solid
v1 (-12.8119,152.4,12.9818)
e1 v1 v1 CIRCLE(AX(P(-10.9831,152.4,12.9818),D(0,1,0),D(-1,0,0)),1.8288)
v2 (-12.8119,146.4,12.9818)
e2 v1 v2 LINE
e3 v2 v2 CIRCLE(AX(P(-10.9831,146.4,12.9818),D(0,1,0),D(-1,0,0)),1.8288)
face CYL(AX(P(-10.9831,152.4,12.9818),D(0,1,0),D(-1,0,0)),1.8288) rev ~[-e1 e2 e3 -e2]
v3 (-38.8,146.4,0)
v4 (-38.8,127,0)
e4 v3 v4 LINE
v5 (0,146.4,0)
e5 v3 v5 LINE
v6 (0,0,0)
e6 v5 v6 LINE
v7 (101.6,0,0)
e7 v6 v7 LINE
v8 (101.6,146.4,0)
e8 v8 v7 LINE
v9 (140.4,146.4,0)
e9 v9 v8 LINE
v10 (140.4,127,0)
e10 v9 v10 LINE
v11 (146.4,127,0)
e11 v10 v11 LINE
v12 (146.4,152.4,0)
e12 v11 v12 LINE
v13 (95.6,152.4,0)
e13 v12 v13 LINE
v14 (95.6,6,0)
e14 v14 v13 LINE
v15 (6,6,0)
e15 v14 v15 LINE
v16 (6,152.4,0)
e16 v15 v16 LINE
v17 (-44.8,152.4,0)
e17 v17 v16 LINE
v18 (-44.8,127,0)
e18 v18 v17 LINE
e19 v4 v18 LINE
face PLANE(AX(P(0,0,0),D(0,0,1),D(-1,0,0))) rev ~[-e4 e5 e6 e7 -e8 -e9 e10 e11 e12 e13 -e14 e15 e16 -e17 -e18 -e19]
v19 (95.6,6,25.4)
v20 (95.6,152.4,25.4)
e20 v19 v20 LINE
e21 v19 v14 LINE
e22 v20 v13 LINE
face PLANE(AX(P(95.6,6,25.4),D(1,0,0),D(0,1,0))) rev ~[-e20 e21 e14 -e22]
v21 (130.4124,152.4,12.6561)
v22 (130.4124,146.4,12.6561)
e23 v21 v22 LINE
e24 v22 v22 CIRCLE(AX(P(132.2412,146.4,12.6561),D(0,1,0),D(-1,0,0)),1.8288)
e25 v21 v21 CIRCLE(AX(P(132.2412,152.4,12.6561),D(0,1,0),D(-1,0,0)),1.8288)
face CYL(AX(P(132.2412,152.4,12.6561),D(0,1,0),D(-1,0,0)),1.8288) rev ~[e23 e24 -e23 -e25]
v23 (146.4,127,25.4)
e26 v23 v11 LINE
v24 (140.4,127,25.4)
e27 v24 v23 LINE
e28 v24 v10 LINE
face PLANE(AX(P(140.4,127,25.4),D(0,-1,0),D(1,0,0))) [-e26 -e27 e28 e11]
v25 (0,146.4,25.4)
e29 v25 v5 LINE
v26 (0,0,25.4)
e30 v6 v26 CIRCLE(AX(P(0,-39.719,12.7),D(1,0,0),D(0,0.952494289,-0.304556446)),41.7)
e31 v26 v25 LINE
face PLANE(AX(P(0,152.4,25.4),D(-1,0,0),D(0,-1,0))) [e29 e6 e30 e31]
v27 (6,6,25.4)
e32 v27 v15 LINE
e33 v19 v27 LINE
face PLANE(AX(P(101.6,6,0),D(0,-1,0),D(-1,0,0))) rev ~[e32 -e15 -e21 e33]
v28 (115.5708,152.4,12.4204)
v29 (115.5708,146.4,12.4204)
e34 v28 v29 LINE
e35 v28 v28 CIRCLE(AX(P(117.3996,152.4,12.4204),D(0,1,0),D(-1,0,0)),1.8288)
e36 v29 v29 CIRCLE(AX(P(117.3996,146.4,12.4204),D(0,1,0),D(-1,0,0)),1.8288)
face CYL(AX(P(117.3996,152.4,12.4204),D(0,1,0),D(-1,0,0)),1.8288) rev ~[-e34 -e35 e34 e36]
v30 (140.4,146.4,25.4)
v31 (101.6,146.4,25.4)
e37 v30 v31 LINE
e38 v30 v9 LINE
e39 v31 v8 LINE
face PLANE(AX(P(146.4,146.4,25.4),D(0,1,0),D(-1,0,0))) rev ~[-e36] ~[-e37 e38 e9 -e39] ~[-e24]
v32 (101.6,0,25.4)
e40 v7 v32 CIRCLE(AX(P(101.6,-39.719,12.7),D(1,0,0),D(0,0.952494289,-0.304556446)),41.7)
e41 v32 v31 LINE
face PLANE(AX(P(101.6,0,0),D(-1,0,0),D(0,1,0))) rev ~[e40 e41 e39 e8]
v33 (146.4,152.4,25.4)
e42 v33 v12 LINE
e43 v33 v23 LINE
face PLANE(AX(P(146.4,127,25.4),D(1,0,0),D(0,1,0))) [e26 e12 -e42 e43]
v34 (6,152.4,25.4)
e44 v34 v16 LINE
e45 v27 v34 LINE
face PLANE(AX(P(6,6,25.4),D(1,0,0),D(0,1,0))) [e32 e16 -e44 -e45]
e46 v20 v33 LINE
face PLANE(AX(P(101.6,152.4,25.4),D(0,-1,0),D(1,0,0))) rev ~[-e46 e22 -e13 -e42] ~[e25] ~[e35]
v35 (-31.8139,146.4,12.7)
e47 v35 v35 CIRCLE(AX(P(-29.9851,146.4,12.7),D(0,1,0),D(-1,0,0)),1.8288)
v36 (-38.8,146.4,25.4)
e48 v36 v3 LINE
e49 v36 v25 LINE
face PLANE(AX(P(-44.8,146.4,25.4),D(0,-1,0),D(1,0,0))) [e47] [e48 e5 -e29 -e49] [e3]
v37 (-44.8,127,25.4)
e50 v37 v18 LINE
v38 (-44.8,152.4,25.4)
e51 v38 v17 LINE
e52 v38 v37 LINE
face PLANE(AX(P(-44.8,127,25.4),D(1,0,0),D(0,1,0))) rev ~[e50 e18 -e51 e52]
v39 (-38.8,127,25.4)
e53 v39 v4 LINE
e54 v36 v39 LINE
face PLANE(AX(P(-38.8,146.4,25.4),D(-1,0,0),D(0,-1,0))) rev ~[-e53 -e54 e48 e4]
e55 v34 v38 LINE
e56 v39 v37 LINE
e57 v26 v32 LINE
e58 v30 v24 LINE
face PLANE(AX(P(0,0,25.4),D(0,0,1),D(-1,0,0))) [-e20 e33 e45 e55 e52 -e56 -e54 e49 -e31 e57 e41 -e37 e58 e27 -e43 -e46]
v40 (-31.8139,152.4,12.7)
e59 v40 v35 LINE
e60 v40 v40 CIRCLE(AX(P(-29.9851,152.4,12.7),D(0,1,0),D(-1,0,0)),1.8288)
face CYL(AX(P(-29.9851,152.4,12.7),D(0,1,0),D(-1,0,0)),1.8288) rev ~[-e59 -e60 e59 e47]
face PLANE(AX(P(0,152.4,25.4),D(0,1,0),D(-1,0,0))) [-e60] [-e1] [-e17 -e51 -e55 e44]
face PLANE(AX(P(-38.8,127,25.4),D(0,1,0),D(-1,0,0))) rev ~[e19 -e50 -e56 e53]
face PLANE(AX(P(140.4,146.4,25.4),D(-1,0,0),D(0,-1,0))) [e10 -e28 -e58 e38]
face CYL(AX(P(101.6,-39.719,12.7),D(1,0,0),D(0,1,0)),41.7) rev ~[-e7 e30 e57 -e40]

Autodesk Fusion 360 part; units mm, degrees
sketch "Sketch1" plane through (0, 0, 0) normal (0, 0, 1) x (1, 0, 0)
  line L0 (0, 0) -> (101.6, 0)
  line L1 (101.6, 0) -> (101.6, 6)
  line L2 (101.6, 6) -> (0, 6)
  line L3 (0, 6) -> (0, 0)
  dimension "d1" = 101.6
  dimension "d2" = 6
extrude "Extrude1" add sketch "Sketch1" along normal blind 25.4
sketch "Sketch2" plane through (0, 0, 25.4) normal (0, 0, 1) x (-1, 0, 0)
  line L0 (0, -6) -> (0, 0)
  line L1 (0, 0) -> (-101.6, 0)
  line L2 (-101.6, 0) -> (-101.6, -6)
  line L3 (-101.6, -6) -> (0, -6)
  line L4 (-101.6, 0) -> (-95.6, 0)
  line L5 (-95.6, 0) -> (-95.6, -152.4)
  line L6 (-95.6, -152.4) -> (-101.6, -152.4)
  line L7 (-101.6, -152.4) -> (-101.6, 0)
  dimension "d5" = 152.4
  dimension "d6" = 6
extrude "Extrude2" add sketch "Sketch2" against normal blind 25.4 contours L3 L5 L6 L7
sketch "Sketch3" plane through (0, 0, 25.4) normal (0, 0, 1) x (-1, 0, 0)
  line L0 (0, -6) -> (0, 0)
  line L1 (0, 0) -> (-101.6, 0)
  line L2 (-101.6, 0) -> (-101.6, -152.4)
  line L3 (-101.6, -152.4) -> (-95.6, -152.4)
  line L4 (-95.6, -152.4) -> (-95.6, -6)
  line L5 (-95.6, -6) -> (0, -6)
  line L6 (0, 0) -> (-6, 0)
  line L7 (-6, 0) -> (-6, -152.4)
  line L8 (-6, -152.4) -> (0, -152.4)
  line L9 (0, -152.4) -> (0, 0)
  dimension "d9" = 152.4
  dimension "d10" = 6
extrude "Extrude3" add sketch "Sketch3" against normal blind 25.4 contours L5 L7 L8 L9
sketch "Sketch4" plane through (101.6, 0, 0) normal (1, 0, 0) x (0, 1, 0)
  line L0 (0, 0) -> (152.4, 0)
  line L1 (152.4, 0) -> (152.4, 25.4)
  line L2 (152.4, 25.4) -> (0, 25.4)
  line L3 (0, 25.4) -> (0, 0)
  circle A0 centre (-39.719, 12.7) radius 41.7
  dimension "d13" = 83.4
extrude "Extrude4" cut sketch "Sketch4" against normal blind 101.6 contours L3 A0 picked at (0.3655, 9.8525)
sketch "Sketch5" plane through (0, 0, 25.4) normal (0, 0, 1) x (-1, 0, 0)
  line L0 (0, -152.4) -> (0, 0)
  line L1 (0, 0) -> (-101.6, 0)
  line L2 (-101.6, 0) -> (-101.6, -152.4)
  line L3 (-101.6, -152.4) -> (-95.6, -152.4)
  line L4 (-95.6, -152.4) -> (-95.6, -6)
  line L5 (-95.6, -6) -> (-6, -6)
  line L6 (-6, -6) -> (-6, -152.4)
  line L7 (-6, -152.4) -> (0, -152.4)
  line L8 (-6, -152.4) -> (44.8, -152.4)
  line L9 (44.8, -152.4) -> (44.8, -146.4)
  line L10 (44.8, -146.4) -> (-6, -146.4)
  line L11 (-6, -146.4) -> (-6, -152.4)
  dimension "d16" = 50.8
  dimension "d17" = 6
extrude "Extrude5" add sketch "Sketch5" against normal blind 25.4 contours L0 L8 L9 L10
sketch "Sketch6" plane through (0, 0, 25.4) normal (0, 0, 1) x (-1, 0, 0)
  line L0 (0, -146.4) -> (0, 0)
  line L1 (0, 0) -> (-101.6, 0)
  line L2 (-101.6, 0) -> (-101.6, -152.4)
  line L3 (-101.6, -152.4) -> (-95.6, -152.4)
  line L4 (-95.6, -152.4) -> (-95.6, -6)
  line L5 (-95.6, -6) -> (-6, -6)
  line L6 (-6, -6) -> (-6, -152.4)
  line L7 (-6, -152.4) -> (44.8, -152.4)
  line L8 (44.8, -152.4) -> (44.8, -146.4)
  line L9 (44.8, -146.4) -> (0, -146.4)
  line L10 (44.8, -152.4) -> (38.8, -152.4)
  line L11 (38.8, -152.4) -> (38.8, -127)
  line L12 (38.8, -127) -> (44.8, -127)
  line L13 (44.8, -127) -> (44.8, -152.4)
  dimension "d20" = 25.4
  dimension "d21" = 6
extrude "Extrude6" add sketch "Sketch6" against normal blind 25.4 contours L9 L11 L12 L13
sketch "Sketch7" plane through (0, 0, 25.4) normal (0, 0, 1) x (-1, 0, 0)
  line L0 (0, -146.4) -> (0, 0)
  line L1 (0, 0) -> (-101.6, 0)
  line L2 (-101.6, 0) -> (-101.6, -152.4)
  line L3 (-101.6, -152.4) -> (-95.6, -152.4)
  line L4 (-95.6, -152.4) -> (-95.6, -6)
  line L5 (-95.6, -6) -> (-6, -6)
  line L6 (-6, -6) -> (-6, -152.4)
  line L7 (-6, -152.4) -> (44.8, -152.4)
  line L8 (44.8, -152.4) -> (44.8, -127)
  line L9 (44.8, -127) -> (38.8, -127)
  line L10 (38.8, -127) -> (38.8, -146.4)
  line L11 (38.8, -146.4) -> (0, -146.4)
  line L12 (-95.6, -152.4) -> (-146.4, -152.4)
  line L13 (-146.4, -152.4) -> (-146.4, -146.4)
  line L14 (-146.4, -146.4) -> (-95.6, -146.4)
  line L15 (-95.6, -146.4) -> (-95.6, -152.4)
  dimension "d24" = 50.8
  dimension "d25" = 6
extrude "Extrude7" add sketch "Sketch7" against normal blind 25.4 contours L2 L12 L13 L14
sketch "Sketch8" plane through (0, 0, 25.4) normal (0, 0, 1) x (-1, 0, 0)
  line L0 (0, -146.4) -> (0, 0)
  line L1 (0, 0) -> (-101.6, 0)
  line L2 (-101.6, 0) -> (-101.6, -146.4)
  line L3 (-101.6, -146.4) -> (-146.4, -146.4)
  line L4 (-146.4, -146.4) -> (-146.4, -152.4)
  line L5 (-146.4, -152.4) -> (-95.6, -152.4)
  line L6 (-95.6, -152.4) -> (-95.6, -6)
  line L7 (-95.6, -6) -> (-6, -6)
  line L8 (-6, -6) -> (-6, -152.4)
  line L9 (-6, -152.4) -> (44.8, -152.4)
  line L10 (44.8, -152.4) -> (44.8, -127)
  line L11 (44.8, -127) -> (38.8, -127)
  line L12 (38.8, -127) -> (38.8, -146.4)
  line L13 (38.8, -146.4) -> (0, -146.4)
  line L14 (-146.4, -152.4) -> (-140.4, -152.4)
  line L15 (-140.4, -152.4) -> (-140.4, -127)
  line L16 (-140.4, -127) -> (-146.4, -127)
  line L17 (-146.4, -127) -> (-146.4, -152.4)
  dimension "d28" = 25.4
  dimension "d29" = 6
extrude "Extrude8" add sketch "Sketch8" against normal blind 25.4 contours L3 L15 L16 L17
sketch "Sketch9" plane through (0, 152.4, 0) normal (0, 1, 0) x (-1, 0, 0)
  line L0 (-95.6, 25.4) -> (-146.4, 25.4)
  line L1 (-146.4, 25.4) -> (-146.4, 0)
  line L2 (-146.4, 0) -> (-95.6, 0)
  line L3 (-95.6, 0) -> (-95.6, 25.4)
  circle A0 centre (-132.2412, 12.6561) radius 1.8288
  circle A1 centre (-112.7392, 12.6561) radius 1.8288
  dimension "d32" = 3.6576
  dimension "d33" = 3.6576
extrude "Extrude9" cut sketch "Sketch9" against normal blind 25 contours A0
sketch "Sketch10" plane through (0, 152.4, 0) normal (0, 1, 0) x (-1, 0, 0)
  circle A0 centre (-132.2412, 12.6561) radius 1.8288
  line L0 (-95.6, 25.4) -> (-146.4, 25.4)
  line L1 (-146.4, 25.4) -> (-146.4, 0)
  line L2 (-146.4, 0) -> (-95.6, 0)
  line L3 (-95.6, 0) -> (-95.6, 25.4)
  circle A1 centre (-117.3996, 12.4204) radius 1.8288
  dimension "d36" = 3.6576
extrude "Extrude10" cut sketch "Sketch10" against normal blind 30 contours A1
sketch "Sketch11" plane through (0, 152.4, 0) normal (0, 1, 0) x (-1, 0, 0)
  line L0 (44.8, 25.4) -> (-6, 25.4)
  line L1 (-6, 25.4) -> (-6, 0)
  line L2 (-6, 0) -> (44.8, 0)
  line L3 (44.8, 0) -> (44.8, 25.4)
  circle A0 centre (29.9851, 12.7) radius 1.8288
  dimension "d39" = 3.6576
extrude "Extrude11" cut sketch "Sketch11" against normal blind 20 contours A0
sketch "Sketch12" plane through (0, 152.4, 0) normal (0, 1, 0) x (-1, 0, 0)
  circle A0 centre (29.9851, 12.7) radius 1.8288
  line L0 (44.8, 25.4) -> (-6, 25.4)
  line L1 (-6, 25.4) -> (-6, 0)
  line L2 (-6, 0) -> (44.8, 0)
  line L3 (44.8, 0) -> (44.8, 25.4)
  circle A1 centre (10.9831, 12.9818) radius 1.8288
  dimension "d42" = 3.6576
extrude "Extrude12" cut sketch "Sketch12" against normal blind 30 contours A1
sketch "Sketch13" plane through (0, 0, 25.4) normal (0, 0, 1) x (-1, 0, 0)
  line L0 (0, -146.4) -> (0, 0)
  line L1 (0, 0) -> (-101.6, 0)
  line L2 (-101.6, 0) -> (-101.6, -146.4)
  line L3 (-101.6, -146.4) -> (-140.4, -146.4)
  line L4 (-140.4, -146.4) -> (-140.4, -127)
  line L5 (-140.4, -127) -> (-146.4, -127)
  line L6 (-146.4, -127) -> (-146.4, -152.4)
  line L7 (-146.4, -152.4) -> (-95.6, -152.4)
  line L8 (-95.6, -152.4) -> (-95.6, -6)
  line L9 (-95.6, -6) -> (-6, -6)
  line L10 (-6, -6) -> (-6, -152.4)
  line L11 (-6, -152.4) -> (44.8, -152.4)
  line L12 (44.8, -152.4) -> (44.8, -127)
  line L13 (44.8, -127) -> (38.8, -127)
  line L14 (38.8, -127) -> (38.8, -146.4)
  line L15 (38.8, -146.4) -> (0, -146.4)
